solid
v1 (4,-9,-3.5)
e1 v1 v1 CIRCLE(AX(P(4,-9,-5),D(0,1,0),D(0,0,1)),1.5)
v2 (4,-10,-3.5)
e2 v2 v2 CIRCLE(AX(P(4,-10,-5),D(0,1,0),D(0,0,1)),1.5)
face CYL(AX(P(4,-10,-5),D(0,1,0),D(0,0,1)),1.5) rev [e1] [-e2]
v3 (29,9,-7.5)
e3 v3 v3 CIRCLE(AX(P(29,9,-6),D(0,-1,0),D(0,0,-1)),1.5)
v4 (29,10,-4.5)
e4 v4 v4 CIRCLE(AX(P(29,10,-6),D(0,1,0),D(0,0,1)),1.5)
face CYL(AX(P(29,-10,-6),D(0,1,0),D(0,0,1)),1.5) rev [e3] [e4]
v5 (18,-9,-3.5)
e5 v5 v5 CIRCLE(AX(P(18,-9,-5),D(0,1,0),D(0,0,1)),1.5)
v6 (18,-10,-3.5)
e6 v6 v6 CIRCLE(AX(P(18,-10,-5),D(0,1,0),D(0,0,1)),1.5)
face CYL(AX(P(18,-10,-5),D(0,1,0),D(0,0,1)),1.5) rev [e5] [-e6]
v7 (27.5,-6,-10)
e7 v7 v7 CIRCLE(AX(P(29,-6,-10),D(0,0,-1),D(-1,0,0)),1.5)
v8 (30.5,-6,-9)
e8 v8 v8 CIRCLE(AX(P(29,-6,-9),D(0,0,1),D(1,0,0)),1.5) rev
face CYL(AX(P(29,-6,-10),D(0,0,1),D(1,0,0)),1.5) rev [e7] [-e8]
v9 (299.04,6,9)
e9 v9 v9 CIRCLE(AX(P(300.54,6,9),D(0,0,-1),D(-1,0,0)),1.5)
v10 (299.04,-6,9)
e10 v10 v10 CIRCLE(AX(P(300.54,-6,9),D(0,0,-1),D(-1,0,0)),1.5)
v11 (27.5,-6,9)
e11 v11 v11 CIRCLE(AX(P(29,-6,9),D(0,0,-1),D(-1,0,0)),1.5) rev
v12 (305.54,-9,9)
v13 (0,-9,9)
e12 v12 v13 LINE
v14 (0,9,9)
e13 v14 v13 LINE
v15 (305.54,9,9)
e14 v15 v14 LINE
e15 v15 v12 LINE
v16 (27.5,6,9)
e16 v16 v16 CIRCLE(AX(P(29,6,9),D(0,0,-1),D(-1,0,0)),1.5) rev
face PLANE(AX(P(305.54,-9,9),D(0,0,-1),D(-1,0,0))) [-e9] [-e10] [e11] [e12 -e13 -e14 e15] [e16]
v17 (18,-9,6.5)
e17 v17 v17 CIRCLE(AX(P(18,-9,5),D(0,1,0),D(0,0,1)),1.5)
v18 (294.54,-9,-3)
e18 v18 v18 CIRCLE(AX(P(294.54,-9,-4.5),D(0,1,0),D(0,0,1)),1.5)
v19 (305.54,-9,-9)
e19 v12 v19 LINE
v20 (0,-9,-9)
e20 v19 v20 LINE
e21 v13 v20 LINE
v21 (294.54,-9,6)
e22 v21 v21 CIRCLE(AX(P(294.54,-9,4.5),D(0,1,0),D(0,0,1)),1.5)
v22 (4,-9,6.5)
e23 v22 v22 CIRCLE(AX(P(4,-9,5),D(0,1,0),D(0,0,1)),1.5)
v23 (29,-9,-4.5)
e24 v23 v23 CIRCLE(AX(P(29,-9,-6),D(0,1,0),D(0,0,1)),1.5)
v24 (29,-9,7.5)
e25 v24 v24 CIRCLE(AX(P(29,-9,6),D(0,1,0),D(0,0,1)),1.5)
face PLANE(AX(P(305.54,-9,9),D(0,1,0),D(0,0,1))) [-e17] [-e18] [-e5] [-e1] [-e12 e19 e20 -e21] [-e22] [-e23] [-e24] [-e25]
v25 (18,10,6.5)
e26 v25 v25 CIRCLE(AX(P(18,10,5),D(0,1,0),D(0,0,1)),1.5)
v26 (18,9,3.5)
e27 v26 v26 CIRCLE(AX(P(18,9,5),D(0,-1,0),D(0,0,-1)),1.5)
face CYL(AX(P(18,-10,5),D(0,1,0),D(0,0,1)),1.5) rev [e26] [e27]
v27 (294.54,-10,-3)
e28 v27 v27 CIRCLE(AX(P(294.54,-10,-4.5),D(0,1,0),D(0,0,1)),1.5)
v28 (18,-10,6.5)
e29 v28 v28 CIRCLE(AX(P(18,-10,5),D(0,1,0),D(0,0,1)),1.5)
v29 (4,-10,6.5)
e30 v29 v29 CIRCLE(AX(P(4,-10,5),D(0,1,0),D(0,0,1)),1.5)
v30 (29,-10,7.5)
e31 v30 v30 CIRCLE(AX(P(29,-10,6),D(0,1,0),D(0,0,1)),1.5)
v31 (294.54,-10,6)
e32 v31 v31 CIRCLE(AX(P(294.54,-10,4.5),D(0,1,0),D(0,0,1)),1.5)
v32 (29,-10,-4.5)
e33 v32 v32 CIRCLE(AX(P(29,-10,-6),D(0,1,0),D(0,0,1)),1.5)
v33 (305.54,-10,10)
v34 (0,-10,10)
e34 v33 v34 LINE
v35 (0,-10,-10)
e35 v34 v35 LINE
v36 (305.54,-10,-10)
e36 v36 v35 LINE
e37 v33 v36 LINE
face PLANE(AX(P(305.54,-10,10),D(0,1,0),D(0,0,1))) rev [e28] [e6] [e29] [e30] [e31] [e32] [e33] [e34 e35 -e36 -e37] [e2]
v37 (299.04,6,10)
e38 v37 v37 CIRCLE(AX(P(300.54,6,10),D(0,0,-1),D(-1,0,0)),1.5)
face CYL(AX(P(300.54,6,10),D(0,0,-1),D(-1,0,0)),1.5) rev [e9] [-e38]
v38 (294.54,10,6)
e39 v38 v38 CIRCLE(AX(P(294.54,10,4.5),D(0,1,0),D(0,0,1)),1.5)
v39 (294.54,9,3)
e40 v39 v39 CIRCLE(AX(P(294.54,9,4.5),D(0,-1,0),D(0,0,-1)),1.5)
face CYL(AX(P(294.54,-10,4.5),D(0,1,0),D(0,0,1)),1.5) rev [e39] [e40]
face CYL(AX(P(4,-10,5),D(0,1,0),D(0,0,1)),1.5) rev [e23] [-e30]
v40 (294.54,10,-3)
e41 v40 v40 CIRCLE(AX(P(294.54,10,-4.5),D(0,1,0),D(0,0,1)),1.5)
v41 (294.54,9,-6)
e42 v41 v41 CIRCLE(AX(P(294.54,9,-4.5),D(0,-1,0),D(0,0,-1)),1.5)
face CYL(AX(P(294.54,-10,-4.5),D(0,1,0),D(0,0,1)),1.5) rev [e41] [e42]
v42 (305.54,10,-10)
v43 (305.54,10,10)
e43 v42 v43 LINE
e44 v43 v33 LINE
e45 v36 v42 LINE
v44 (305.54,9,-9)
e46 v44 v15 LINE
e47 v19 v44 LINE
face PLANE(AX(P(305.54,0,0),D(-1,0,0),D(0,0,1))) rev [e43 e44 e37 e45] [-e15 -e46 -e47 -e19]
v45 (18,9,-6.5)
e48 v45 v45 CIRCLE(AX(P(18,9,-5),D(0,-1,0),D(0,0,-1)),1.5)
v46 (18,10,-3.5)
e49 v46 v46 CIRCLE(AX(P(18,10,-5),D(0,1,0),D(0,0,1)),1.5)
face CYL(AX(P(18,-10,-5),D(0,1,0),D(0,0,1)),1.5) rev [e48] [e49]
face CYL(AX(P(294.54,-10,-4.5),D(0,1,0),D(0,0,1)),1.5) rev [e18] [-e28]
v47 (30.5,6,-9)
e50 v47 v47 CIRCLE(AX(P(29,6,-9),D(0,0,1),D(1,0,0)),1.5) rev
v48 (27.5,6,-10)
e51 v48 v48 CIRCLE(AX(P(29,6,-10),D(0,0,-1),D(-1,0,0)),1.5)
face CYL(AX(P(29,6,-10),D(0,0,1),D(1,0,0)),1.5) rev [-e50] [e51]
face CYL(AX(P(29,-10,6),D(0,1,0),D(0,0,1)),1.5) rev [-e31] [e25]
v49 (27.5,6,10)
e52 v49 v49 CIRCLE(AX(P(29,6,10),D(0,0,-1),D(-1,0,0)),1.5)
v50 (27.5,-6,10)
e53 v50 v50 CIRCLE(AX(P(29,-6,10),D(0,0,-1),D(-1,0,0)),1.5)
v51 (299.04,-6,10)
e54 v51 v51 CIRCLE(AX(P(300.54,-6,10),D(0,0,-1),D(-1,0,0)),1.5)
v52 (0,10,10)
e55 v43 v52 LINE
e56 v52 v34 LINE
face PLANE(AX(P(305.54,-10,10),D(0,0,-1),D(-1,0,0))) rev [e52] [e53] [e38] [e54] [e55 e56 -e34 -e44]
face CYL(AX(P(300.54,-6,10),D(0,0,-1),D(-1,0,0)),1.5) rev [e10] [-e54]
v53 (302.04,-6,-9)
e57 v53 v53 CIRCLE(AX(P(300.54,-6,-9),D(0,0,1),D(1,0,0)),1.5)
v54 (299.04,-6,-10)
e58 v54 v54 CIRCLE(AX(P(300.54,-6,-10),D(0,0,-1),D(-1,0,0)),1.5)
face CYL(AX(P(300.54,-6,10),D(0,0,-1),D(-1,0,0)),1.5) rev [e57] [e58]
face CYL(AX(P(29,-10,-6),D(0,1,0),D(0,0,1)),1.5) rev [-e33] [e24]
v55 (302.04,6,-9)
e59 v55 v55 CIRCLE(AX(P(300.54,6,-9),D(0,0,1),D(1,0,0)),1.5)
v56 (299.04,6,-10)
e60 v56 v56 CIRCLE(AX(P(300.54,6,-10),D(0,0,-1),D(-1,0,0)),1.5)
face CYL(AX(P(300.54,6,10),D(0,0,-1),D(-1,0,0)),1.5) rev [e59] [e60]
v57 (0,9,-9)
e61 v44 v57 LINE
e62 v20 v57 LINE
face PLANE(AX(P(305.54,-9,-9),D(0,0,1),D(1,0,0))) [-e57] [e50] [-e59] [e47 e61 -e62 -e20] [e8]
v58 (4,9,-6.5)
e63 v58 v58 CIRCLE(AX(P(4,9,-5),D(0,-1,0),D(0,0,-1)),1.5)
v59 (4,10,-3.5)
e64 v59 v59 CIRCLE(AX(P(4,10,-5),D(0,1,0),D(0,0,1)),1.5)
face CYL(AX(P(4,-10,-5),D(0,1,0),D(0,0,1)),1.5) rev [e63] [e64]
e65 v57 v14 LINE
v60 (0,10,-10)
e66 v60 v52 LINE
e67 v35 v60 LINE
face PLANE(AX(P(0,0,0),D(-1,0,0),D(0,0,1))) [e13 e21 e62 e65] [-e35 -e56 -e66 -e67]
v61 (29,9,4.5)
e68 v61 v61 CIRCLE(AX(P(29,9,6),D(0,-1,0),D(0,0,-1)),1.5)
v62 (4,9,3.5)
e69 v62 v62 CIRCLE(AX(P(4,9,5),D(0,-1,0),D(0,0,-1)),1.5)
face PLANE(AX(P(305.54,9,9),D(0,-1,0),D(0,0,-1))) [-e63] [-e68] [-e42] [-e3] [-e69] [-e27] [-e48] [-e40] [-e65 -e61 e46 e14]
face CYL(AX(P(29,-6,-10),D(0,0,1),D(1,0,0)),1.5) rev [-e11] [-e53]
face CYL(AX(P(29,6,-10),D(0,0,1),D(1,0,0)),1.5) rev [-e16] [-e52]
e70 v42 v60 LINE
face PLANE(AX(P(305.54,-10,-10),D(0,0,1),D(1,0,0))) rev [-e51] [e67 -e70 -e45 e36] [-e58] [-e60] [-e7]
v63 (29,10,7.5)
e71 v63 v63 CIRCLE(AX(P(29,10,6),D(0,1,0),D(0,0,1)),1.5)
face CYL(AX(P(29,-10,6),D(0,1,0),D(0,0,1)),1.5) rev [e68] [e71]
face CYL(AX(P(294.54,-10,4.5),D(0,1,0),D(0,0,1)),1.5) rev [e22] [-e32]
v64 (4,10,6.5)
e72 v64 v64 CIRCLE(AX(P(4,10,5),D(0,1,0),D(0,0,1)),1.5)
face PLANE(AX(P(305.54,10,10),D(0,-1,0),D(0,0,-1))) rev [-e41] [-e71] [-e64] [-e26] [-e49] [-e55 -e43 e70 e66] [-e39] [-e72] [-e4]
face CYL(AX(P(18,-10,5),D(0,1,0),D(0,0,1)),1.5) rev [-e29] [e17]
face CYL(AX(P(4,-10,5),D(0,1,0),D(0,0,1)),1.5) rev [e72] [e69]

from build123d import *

# Parameters (mm, degrees)
SKETCH_11_W         = 20
SKETCH_11_H         = 20
SKETCH_11_W_2       = 18
SKETCH_11_H_2       = 18
F_20X20X1_1_DEPTH   = 305.54
SKETCH_16_R         = 1.5
CUT_EXTRUDE_3_DEPTH = 307.357130813
SKETCH_18_R         = 1.5
CUT_EXTRUDE_5_DEPTH = 307.357130813
SKETCH_14_R         = 1.5
CUT_EXTRUDE_6_DEPTH = 20
SKETCH_17_R         = 1.5
CUT_EXTRUDE_7_DEPTH = 20
SKETCH_15_R         = 1.5
CUT_EXTRUDE_8_DEPTH = 20


with BuildPart() as part:
    # 草图11 → 铝管 20X20X1(1) (new body)
    with BuildSketch(Plane(origin=(0, 0, 0), x_dir=(0, 0, -1), z_dir=(1, 0, 0))):
        Rectangle(SKETCH_11_W, SKETCH_11_H)
        Rectangle(SKETCH_11_W_2, SKETCH_11_H_2, mode=Mode.SUBTRACT)
    extrude(amount=F_20X20X1_1_DEPTH)

    # 草图16 → 切除-拉伸3 (cut, through all)
    with BuildSketch(Plane(origin=(0, 0, 10), x_dir=(1, 0, 0), z_dir=(0, 0, -1))):
        with Locations(Location((29, -6, 0), (0, 0, 180))):
            Circle(SKETCH_16_R)
        with Locations(Location((29, 6, 0), (0, 0, 180))):
            Circle(SKETCH_16_R)
    extrude(amount=CUT_EXTRUDE_3_DEPTH, mode=Mode.SUBTRACT)

    # 草图18 → 切除-拉伸5 (cut, through all)
    with BuildSketch(Plane(origin=(0, 10, 0), x_dir=(1, 0, 0), z_dir=(0, 1, 0))):
        with Locations(Location((29, 6, 0), (0, 0, 270))):
            Circle(SKETCH_18_R)
        with Locations(Location((29, -6, 0), (0, 0, 270))):
            Circle(SKETCH_18_R)
    extrude(amount=-CUT_EXTRUDE_5_DEPTH, mode=Mode.SUBTRACT)

    # 草图14 → 切除-拉伸6 (cut)
    with BuildSketch(Plane(origin=(0, 10, 0), x_dir=(1, 0, 0), z_dir=(0, 1, 0))):
        with Locations(Location((294.54, 4.5, 0), (0, 0, 270))):
            Circle(SKETCH_14_R)
        with Locations(Location((294.54, -4.5, 0), (0, 0, 270))):
            Circle(SKETCH_14_R)
    extrude(amount=-CUT_EXTRUDE_6_DEPTH, mode=Mode.SUBTRACT)

    # 草图17 → 切除-拉伸7 (cut)
    with BuildSketch(Plane(origin=(0, 0, -10), x_dir=(-1, 0, 0), z_dir=(0, 0, -1))):
        with Locations((-300.54, 6)):
            Circle(SKETCH_17_R)
        with Locations((-300.54, -6)):
            Circle(SKETCH_17_R)
    extrude(amount=-CUT_EXTRUDE_7_DEPTH, mode=Mode.SUBTRACT)

    # 草图15 → 切除-拉伸8 (cut)
    with BuildSketch(Plane(origin=(0, 10, 0), x_dir=(1, 0, 0), z_dir=(0, 1, 0))):
        with Locations(Location((4, 5, 0), (0, 0, 270))):
            Circle(SKETCH_15_R)
        with Locations(Location((4, -5, 0), (0, 0, 270))):
            Circle(SKETCH_15_R)
        with Locations(Location((18, 5, 0), (0, 0, 270))):
            Circle(SKETCH_15_R)
        with Locations(Location((18, -5, 0), (0, 0, 270))):
            Circle(SKETCH_15_R)
    extrude(amount=-CUT_EXTRUDE_8_DEPTH, mode=Mode.SUBTRACT)


solid = part.part
